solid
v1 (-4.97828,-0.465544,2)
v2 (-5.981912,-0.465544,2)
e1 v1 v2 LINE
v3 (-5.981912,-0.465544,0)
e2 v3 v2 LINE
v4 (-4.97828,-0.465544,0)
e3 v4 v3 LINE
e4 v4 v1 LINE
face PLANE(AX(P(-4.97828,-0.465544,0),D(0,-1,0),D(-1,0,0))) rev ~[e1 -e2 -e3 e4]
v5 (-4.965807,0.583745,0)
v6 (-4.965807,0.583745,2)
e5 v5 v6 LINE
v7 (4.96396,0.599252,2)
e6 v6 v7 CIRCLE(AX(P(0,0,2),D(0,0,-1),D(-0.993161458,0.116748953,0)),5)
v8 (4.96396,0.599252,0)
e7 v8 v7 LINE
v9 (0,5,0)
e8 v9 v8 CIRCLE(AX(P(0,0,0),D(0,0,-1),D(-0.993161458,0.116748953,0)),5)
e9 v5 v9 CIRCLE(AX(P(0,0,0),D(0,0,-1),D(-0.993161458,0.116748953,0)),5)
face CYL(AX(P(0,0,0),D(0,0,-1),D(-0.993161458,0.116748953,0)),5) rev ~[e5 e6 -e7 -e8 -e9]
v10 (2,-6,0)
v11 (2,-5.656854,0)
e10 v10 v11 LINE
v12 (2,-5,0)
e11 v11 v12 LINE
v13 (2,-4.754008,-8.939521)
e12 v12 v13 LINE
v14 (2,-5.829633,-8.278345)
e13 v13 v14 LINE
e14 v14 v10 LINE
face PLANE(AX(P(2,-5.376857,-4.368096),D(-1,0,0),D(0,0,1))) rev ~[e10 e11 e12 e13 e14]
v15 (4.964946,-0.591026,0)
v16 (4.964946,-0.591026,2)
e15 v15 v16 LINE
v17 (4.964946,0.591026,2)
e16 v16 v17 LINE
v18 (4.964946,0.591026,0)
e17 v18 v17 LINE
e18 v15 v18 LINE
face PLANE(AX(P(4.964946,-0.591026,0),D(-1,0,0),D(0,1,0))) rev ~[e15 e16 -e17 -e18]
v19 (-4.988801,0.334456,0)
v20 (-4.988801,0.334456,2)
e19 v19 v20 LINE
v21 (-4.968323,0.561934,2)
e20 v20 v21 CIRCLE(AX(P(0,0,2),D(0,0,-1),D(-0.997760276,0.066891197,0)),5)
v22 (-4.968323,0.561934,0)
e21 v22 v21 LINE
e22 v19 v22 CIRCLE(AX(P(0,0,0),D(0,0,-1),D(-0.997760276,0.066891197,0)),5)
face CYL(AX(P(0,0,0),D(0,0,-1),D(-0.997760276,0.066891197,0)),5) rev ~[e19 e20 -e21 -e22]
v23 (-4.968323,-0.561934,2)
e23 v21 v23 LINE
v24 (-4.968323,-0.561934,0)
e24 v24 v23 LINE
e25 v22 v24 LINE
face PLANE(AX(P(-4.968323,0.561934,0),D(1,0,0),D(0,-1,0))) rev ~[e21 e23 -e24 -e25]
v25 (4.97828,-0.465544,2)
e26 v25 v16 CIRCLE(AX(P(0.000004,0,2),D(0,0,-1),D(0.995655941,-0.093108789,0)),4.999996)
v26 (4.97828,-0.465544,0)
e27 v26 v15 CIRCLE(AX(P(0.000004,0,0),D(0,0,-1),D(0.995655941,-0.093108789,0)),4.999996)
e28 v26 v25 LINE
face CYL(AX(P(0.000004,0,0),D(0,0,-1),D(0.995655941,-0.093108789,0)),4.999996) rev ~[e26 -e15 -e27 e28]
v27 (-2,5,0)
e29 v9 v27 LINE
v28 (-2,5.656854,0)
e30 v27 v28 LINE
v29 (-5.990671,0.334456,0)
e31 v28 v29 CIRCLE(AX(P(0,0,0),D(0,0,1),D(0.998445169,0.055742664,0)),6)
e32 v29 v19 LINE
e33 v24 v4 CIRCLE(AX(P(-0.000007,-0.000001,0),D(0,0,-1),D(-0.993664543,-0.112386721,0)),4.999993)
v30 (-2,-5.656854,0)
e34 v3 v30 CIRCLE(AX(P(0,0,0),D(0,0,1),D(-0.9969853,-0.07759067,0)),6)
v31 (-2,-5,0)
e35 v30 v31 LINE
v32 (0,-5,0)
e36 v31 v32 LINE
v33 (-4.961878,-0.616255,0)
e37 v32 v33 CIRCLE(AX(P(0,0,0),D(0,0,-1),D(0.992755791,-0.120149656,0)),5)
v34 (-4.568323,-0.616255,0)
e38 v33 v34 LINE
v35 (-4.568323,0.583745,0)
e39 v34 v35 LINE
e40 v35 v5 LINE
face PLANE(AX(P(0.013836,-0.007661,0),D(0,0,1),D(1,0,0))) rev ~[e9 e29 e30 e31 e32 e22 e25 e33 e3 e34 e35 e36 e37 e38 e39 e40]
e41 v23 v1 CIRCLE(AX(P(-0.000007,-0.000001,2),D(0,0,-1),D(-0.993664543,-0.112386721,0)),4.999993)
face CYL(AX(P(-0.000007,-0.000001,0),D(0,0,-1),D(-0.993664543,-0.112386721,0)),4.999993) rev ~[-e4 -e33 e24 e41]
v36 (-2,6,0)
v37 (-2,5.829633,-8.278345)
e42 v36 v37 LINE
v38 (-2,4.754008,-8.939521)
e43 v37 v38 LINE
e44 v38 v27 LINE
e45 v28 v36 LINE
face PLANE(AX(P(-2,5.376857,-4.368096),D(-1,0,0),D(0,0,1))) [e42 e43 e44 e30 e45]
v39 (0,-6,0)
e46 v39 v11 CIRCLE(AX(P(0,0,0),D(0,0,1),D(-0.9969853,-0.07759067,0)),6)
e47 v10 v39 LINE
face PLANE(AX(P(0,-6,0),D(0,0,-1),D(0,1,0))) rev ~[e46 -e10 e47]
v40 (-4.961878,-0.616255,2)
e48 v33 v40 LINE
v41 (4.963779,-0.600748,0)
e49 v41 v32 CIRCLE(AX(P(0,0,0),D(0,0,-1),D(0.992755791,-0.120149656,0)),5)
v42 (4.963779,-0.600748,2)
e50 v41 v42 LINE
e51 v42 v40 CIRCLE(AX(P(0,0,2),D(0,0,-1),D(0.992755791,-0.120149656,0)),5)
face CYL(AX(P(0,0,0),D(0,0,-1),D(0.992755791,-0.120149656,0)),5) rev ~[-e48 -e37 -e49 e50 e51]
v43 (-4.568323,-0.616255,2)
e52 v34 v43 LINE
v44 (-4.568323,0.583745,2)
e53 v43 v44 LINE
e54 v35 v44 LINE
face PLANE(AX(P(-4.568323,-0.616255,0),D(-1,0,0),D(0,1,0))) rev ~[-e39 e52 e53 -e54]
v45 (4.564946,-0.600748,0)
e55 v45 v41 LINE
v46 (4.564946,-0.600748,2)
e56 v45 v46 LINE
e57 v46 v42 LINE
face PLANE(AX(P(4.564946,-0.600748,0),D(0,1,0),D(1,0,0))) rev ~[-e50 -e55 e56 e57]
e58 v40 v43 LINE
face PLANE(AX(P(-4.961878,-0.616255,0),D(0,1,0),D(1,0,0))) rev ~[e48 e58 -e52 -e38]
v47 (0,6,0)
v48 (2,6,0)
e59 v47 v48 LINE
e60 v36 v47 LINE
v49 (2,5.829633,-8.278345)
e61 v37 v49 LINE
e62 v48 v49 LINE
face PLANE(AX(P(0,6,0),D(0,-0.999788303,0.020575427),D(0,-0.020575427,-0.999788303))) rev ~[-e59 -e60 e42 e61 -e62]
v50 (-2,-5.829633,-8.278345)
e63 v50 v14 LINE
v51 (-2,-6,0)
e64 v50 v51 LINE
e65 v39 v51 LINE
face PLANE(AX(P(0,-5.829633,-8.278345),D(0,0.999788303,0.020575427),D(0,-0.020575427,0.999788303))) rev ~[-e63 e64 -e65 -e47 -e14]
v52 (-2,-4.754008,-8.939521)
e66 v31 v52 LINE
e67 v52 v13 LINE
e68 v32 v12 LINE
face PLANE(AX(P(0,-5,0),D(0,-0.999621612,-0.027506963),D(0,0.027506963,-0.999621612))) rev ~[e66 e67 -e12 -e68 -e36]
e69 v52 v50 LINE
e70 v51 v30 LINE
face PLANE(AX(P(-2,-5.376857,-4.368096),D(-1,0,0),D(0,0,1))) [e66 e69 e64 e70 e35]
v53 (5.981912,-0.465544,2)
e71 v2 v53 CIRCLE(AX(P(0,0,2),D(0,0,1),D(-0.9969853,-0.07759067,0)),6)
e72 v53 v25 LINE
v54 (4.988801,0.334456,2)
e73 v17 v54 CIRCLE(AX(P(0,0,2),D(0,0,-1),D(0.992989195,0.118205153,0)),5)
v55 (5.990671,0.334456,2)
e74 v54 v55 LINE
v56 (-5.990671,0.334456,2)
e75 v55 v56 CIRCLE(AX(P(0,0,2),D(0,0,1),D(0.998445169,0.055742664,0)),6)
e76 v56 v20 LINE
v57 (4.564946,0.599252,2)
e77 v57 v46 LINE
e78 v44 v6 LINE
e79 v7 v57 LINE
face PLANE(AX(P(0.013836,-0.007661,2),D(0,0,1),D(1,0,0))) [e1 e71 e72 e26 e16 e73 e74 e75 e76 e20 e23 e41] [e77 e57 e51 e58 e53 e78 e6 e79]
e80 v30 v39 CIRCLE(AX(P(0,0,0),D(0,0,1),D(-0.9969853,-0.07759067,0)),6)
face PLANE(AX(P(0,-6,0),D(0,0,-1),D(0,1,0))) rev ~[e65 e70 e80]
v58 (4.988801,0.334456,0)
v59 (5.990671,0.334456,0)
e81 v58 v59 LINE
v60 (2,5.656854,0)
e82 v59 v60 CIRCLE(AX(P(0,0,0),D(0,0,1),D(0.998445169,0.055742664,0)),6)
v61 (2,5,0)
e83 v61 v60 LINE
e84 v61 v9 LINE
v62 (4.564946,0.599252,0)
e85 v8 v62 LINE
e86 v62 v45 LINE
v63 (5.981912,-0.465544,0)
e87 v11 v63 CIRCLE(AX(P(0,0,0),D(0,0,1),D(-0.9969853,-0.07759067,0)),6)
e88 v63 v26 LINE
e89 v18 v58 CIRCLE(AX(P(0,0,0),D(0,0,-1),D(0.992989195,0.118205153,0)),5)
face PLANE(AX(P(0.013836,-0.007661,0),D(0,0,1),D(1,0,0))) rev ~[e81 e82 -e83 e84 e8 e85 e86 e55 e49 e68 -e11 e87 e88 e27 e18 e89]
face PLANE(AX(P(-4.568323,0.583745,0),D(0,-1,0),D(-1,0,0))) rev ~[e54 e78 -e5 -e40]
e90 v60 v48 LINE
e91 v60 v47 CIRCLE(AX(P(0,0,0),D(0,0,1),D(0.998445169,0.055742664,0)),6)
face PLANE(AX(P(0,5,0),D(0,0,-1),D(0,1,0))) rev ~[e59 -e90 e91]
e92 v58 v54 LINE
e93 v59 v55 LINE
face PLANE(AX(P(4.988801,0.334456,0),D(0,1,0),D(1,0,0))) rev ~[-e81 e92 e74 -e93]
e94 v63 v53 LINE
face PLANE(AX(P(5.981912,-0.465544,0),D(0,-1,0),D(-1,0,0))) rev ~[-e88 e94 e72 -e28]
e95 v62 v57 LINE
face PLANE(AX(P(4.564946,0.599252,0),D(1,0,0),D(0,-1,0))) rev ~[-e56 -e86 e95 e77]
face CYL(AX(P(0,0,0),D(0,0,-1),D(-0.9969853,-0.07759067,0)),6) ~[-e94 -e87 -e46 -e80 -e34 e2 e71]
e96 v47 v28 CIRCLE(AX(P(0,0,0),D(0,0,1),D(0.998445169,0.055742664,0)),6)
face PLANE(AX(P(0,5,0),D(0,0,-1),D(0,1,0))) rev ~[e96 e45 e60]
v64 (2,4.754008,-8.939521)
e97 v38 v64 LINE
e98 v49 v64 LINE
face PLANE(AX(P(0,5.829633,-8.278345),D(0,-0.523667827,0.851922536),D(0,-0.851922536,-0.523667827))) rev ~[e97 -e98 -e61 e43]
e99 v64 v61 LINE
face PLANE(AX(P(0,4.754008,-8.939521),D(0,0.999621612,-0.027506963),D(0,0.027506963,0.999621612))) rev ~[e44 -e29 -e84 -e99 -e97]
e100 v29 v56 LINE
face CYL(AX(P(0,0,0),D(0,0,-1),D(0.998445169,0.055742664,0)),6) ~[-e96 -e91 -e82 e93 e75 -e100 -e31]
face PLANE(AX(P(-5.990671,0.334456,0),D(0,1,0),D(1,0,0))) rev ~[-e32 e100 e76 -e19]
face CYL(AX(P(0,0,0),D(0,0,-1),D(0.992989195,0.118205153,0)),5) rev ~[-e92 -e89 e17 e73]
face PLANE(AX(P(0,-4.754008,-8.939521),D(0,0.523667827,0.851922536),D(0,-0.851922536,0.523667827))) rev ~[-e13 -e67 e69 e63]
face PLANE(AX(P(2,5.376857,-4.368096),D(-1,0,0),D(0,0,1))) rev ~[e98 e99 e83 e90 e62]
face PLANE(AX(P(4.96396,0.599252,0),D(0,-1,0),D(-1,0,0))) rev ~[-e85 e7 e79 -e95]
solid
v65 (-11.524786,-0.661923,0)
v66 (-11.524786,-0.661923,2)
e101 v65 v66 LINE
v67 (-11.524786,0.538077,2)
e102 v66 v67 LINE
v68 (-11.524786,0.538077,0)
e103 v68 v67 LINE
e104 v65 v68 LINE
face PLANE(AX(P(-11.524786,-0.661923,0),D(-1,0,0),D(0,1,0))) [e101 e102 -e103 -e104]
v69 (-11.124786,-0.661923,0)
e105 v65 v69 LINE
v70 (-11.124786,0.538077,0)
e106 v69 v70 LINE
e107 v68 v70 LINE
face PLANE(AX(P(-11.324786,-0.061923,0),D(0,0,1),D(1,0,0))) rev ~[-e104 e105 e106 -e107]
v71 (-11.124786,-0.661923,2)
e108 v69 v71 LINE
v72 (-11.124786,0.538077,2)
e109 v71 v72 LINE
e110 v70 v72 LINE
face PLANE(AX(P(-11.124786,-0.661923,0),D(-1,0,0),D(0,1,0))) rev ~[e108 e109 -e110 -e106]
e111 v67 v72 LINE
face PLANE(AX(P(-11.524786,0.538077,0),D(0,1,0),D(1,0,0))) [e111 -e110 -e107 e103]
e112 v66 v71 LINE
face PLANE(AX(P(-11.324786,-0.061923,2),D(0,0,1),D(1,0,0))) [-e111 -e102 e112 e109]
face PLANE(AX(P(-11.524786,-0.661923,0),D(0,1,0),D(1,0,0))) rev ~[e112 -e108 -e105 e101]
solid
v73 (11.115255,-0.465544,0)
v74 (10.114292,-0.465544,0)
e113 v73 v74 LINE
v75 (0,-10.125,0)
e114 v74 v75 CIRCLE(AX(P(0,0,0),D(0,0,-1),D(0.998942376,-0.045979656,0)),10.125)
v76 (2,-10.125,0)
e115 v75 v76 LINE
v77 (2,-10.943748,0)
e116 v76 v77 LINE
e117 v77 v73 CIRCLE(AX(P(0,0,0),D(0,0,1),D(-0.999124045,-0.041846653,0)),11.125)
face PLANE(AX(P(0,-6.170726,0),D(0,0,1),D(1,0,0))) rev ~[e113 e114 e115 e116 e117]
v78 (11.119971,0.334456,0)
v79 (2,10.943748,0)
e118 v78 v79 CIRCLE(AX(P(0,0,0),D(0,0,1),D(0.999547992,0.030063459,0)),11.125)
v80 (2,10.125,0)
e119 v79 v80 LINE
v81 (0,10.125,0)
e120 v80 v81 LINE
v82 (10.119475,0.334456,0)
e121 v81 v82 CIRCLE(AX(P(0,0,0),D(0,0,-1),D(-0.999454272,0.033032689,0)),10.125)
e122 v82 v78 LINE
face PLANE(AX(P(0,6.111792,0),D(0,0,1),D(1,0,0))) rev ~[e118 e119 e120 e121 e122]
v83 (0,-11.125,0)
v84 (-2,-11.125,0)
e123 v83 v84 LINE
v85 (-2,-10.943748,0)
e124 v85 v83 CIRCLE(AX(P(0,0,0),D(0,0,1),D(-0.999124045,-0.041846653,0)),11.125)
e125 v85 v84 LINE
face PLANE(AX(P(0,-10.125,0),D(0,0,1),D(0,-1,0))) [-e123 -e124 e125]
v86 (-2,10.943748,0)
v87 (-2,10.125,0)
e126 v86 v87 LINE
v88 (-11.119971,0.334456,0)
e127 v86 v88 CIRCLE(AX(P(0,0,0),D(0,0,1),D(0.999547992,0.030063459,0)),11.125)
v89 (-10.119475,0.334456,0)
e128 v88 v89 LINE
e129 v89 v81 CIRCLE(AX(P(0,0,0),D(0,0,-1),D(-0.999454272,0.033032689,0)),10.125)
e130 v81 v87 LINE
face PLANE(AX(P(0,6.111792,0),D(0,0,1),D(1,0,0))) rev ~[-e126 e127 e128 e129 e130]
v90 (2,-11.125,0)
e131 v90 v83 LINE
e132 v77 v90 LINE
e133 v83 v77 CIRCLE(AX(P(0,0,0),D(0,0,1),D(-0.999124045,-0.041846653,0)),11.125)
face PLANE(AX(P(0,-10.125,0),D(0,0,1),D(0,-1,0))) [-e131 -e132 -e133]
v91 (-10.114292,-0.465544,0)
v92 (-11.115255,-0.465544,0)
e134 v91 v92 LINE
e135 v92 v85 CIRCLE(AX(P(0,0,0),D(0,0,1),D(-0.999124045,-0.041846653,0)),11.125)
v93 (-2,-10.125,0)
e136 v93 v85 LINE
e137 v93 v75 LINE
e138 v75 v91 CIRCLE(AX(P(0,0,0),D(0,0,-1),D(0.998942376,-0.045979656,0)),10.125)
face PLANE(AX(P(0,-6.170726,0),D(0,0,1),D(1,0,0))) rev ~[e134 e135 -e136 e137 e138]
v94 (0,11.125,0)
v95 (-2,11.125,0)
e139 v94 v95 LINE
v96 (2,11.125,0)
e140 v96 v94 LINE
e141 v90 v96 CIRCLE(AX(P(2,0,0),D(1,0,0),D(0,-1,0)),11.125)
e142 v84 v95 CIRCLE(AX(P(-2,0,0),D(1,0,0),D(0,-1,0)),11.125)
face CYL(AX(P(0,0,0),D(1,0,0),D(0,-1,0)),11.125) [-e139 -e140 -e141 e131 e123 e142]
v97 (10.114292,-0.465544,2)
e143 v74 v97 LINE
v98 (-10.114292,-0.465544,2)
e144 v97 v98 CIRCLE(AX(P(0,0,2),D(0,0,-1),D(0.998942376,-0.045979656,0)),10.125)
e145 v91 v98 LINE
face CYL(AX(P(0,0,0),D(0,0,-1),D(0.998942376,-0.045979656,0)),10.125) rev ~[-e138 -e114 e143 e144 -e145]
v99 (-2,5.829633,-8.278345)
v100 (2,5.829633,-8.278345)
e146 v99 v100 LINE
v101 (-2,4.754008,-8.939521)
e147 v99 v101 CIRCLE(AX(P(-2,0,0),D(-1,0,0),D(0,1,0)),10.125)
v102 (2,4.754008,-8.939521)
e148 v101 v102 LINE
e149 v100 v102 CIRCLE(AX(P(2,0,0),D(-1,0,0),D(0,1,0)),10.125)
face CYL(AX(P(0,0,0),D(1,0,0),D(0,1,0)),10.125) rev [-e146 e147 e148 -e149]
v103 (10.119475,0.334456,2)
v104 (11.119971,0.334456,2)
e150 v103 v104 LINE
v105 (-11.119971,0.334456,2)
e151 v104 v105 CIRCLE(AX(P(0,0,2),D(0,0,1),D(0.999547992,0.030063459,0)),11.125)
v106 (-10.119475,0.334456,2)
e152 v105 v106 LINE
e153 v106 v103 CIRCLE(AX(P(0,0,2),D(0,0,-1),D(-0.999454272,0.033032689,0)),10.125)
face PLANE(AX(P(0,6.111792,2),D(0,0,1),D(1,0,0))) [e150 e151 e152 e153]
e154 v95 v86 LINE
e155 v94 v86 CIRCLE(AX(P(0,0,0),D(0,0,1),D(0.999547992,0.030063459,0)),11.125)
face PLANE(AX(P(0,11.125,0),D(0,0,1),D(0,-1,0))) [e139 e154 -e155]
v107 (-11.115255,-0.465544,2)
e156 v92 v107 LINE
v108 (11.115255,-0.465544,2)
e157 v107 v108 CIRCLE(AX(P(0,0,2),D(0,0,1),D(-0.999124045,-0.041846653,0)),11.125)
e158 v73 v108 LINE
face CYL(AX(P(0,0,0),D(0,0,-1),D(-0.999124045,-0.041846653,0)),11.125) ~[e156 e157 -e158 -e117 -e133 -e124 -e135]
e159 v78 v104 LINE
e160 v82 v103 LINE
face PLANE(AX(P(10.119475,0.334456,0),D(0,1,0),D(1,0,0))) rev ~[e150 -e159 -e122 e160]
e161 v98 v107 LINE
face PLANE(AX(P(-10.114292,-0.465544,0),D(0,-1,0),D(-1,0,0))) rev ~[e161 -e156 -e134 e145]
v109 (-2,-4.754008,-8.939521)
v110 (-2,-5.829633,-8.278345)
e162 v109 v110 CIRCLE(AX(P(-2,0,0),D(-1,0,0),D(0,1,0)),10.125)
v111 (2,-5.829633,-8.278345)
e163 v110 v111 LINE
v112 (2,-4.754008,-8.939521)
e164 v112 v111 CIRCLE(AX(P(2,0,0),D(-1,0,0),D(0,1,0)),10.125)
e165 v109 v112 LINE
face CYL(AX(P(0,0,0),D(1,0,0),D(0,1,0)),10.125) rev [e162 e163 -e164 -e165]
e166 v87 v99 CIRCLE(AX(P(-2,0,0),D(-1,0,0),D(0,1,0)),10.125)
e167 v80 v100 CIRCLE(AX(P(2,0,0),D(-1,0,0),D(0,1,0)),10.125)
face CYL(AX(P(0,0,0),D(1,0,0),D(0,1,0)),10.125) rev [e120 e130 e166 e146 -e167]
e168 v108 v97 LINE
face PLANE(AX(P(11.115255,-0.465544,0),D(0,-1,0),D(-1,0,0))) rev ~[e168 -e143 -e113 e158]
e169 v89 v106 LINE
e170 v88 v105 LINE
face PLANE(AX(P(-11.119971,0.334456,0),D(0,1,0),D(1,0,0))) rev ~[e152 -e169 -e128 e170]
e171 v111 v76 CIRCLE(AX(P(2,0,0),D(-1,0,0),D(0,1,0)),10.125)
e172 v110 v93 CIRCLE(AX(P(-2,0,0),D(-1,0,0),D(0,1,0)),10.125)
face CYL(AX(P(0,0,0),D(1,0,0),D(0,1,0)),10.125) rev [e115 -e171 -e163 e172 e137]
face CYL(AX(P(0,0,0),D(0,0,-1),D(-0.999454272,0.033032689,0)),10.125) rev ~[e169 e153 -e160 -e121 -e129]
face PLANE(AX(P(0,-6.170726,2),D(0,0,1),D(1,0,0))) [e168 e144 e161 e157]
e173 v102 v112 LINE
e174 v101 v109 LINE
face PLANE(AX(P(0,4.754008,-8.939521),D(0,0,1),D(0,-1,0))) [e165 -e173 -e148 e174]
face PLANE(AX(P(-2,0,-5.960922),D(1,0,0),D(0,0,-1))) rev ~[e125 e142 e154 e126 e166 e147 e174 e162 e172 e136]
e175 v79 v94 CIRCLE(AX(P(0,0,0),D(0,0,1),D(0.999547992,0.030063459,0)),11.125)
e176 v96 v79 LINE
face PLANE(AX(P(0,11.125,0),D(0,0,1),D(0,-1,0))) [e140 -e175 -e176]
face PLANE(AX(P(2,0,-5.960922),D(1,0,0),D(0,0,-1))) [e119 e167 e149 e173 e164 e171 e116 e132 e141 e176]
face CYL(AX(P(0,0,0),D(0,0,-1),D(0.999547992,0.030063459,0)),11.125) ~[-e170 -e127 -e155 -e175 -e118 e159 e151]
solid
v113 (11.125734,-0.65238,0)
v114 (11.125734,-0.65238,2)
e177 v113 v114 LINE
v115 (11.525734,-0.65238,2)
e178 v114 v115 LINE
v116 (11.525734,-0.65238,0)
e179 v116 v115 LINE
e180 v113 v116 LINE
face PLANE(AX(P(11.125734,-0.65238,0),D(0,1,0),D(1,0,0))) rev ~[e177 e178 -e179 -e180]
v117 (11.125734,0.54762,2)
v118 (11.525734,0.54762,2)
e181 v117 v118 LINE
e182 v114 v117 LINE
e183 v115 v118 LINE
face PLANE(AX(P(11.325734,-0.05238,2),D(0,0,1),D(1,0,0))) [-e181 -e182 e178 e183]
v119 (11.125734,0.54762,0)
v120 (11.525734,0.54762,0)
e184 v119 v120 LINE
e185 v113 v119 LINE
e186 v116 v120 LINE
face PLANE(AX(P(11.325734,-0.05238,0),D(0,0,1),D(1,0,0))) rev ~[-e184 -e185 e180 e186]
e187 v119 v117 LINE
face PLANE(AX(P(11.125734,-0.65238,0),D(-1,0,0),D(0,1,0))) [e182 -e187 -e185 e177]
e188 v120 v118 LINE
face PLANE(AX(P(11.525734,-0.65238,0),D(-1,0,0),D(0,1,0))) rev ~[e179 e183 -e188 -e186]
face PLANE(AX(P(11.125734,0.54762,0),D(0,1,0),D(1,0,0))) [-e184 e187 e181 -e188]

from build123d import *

# Parameters (mm, degrees)
SKETCH1_W             = 0.4
SKETCH1_H             = 1.2
BOSS_EXTRUDE6_DEPTH   = 2
BOSS_EXTRUDE6_2_DEPTH = 2
BOSS_EXTRUDE6_3_DEPTH = 2
BOSS_EXTRUDE6_4_DEPTH = 2
BOSS_EXTRUDE6_5_DEPTH = 2
BOSS_EXTRUDE9_DEPTH   = 2


with BuildPart() as part:
    # Sketch1 → Boss-Extrude6 (new body)
    with BuildSketch(Plane.XY):
        with Locations((11.325734145, -0.052379551)):
            Rectangle(SKETCH1_W, SKETCH1_H)
    extrude(amount=BOSS_EXTRUDE6_DEPTH)


with BuildPart() as body_2:
    # Sketch1 → Boss-Extrude6 2 (new body)
    with BuildSketch(Plane.XY):
        with BuildLine():
            Line((10.119474502, 0.334455981), (11.119971412, 0.334455981))
            ThreePointArc((11.119971412, 0.334455981), (0, 11.125), (-11.119971412, 0.334455981))
            Line((-11.119971412, 0.334455981), (-10.119474502, 0.334455981))
            ThreePointArc((-10.119474502, 0.334455981), (0, 10.125), (10.119474502, 0.334455981))
        make_face()
    extrude(amount=BOSS_EXTRUDE6_2_DEPTH)



with BuildPart() as body_3:
    # Sketch1 → Boss-Extrude6 3 (new body)
    with BuildSketch(Plane.XY):
        with BuildLine():
            ThreePointArc((-11.115255002, -0.465544019), (0, -11.125), (11.115255002, -0.465544019))
            Line((11.115255002, -0.465544019), (10.11429156, -0.465544019))
            ThreePointArc((10.11429156, -0.465544019), (0, -10.125), (-10.11429156, -0.465544019))
            Line((-10.11429156, -0.465544019), (-11.115255002, -0.465544019))
        make_face()
    extrude(amount=BOSS_EXTRUDE6_3_DEPTH)


with BuildPart() as body_4:
    # Sketch1 → Boss-Extrude6 4 (new body)
    with BuildSketch(Plane.XY):
        with BuildLine():
            Line((-4.96832272, 0.561933585), (-4.96832272, -0.561933585))
            ThreePointArc((-4.96832272, -0.561933585), (-4.973534725, -0.513762924), (-4.978279699, -0.465544019))
            Line((-4.978279699, -0.465544019), (-5.981911799, -0.465544019))
            ThreePointArc((-5.981911799, -0.465544019), (0, -6), (5.981911799, -0.465544019))
            Line((5.981911799, -0.465544019), (4.978279699, -0.465544019))
            ThreePointArc((4.978279699, -0.465544019), (4.972008711, -0.528326962), (4.964945975, -0.591025774))
            Line((4.964945975, -0.591025774), (4.964945975, 0.591025774))
            ThreePointArc((4.964945975, 0.591025774), (4.978526751, 0.462894577), (4.988801379, 0.334455981))
            Line((4.988801379, 0.334455981), (5.990671014, 0.334455981))
            ThreePointArc((5.990671014, 0.334455981), (0, 6), (-5.990671014, 0.334455981))
            Line((-5.990671014, 0.334455981), (-4.988801379, 0.334455981))
            ThreePointArc((-4.988801379, 0.334455981), (-4.979861102, 0.44831173), (-4.96832272, 0.561933585))
        make_face()
        with BuildLine():
            ThreePointArc((4.963778954, -0.600748279), (0.007811541, -4.999993898), (-4.961877617, -0.616255233))
            Line((-4.961877617, -0.616255233), (-4.56832272, -0.616255233))
            Line((-4.56832272, -0.616255233), (-4.56832272, 0.583744767))
            Line((-4.56832272, 0.583744767), (-4.965807291, 0.583744767))
            ThreePointArc((-4.965807291, 0.583744767), (-0.007808307, 4.999993903), (4.963959848, 0.599251721))
            Line((4.963959848, 0.599251721), (4.564945975, 0.599251721))
            Line((4.564945975, 0.599251721), (4.564945975, -0.600748279))
            Line((4.564945975, -0.600748279), (4.963778954, -0.600748279))
        make_face(mode=Mode.SUBTRACT)
    extrude(amount=BOSS_EXTRUDE6_4_DEPTH)


with BuildPart() as body_5:
    # Sketch1 → Boss-Extrude6 5 (new body)
    with BuildSketch(Plane.XY):
        with Locations((-11.324786406, -0.061923137)):
            Rectangle(SKETCH1_W, SKETCH1_H)
    extrude(amount=BOSS_EXTRUDE6_5_DEPTH)


with BuildPart() as body_2_1:
    add(body_2.part)

    add(body_3.part)  # Boss-Extrude9 merges body 3

    add(body_4.part)  # Boss-Extrude9 merges body 4
    # Sketch7 → Boss-Extrude9 (add, symmetric)
    with BuildSketch(Plane(origin=(0, 0, 0), x_dir=(0, 0, -1), z_dir=(1, 0, 0))):
        Polygon((8.939520925, -4.754007849), (8.278345179, -5.829633445), (0, -6), (0, -5), align=None)
        Polygon((8.278345179, 5.829633445), (8.939520925, 4.754007849), (0, 5), (0, 6), align=None)
        with BuildLine():
            ThreePointArc((0, 10.125), (10.125, 0), (0, -10.125))
            Line((0, -10.125), (0, -11.125))
            ThreePointArc((0, -11.125), (11.125, 0), (0, 11.125))
            Line((0, 11.125), (0, 10.125))
        make_face()
        with BuildLine():
            ThreePointArc((8.939520925, -4.754007849), (10.125, 0), (8.939520925, 4.754007849))
            Line((8.939520925, 4.754007849), (8.939520925, -4.754007849))
        make_face()
    extrude(amount=BOSS_EXTRUDE9_DEPTH, both=True)


solid = Compound([part.part, body_5.part, body_2_1.part])
